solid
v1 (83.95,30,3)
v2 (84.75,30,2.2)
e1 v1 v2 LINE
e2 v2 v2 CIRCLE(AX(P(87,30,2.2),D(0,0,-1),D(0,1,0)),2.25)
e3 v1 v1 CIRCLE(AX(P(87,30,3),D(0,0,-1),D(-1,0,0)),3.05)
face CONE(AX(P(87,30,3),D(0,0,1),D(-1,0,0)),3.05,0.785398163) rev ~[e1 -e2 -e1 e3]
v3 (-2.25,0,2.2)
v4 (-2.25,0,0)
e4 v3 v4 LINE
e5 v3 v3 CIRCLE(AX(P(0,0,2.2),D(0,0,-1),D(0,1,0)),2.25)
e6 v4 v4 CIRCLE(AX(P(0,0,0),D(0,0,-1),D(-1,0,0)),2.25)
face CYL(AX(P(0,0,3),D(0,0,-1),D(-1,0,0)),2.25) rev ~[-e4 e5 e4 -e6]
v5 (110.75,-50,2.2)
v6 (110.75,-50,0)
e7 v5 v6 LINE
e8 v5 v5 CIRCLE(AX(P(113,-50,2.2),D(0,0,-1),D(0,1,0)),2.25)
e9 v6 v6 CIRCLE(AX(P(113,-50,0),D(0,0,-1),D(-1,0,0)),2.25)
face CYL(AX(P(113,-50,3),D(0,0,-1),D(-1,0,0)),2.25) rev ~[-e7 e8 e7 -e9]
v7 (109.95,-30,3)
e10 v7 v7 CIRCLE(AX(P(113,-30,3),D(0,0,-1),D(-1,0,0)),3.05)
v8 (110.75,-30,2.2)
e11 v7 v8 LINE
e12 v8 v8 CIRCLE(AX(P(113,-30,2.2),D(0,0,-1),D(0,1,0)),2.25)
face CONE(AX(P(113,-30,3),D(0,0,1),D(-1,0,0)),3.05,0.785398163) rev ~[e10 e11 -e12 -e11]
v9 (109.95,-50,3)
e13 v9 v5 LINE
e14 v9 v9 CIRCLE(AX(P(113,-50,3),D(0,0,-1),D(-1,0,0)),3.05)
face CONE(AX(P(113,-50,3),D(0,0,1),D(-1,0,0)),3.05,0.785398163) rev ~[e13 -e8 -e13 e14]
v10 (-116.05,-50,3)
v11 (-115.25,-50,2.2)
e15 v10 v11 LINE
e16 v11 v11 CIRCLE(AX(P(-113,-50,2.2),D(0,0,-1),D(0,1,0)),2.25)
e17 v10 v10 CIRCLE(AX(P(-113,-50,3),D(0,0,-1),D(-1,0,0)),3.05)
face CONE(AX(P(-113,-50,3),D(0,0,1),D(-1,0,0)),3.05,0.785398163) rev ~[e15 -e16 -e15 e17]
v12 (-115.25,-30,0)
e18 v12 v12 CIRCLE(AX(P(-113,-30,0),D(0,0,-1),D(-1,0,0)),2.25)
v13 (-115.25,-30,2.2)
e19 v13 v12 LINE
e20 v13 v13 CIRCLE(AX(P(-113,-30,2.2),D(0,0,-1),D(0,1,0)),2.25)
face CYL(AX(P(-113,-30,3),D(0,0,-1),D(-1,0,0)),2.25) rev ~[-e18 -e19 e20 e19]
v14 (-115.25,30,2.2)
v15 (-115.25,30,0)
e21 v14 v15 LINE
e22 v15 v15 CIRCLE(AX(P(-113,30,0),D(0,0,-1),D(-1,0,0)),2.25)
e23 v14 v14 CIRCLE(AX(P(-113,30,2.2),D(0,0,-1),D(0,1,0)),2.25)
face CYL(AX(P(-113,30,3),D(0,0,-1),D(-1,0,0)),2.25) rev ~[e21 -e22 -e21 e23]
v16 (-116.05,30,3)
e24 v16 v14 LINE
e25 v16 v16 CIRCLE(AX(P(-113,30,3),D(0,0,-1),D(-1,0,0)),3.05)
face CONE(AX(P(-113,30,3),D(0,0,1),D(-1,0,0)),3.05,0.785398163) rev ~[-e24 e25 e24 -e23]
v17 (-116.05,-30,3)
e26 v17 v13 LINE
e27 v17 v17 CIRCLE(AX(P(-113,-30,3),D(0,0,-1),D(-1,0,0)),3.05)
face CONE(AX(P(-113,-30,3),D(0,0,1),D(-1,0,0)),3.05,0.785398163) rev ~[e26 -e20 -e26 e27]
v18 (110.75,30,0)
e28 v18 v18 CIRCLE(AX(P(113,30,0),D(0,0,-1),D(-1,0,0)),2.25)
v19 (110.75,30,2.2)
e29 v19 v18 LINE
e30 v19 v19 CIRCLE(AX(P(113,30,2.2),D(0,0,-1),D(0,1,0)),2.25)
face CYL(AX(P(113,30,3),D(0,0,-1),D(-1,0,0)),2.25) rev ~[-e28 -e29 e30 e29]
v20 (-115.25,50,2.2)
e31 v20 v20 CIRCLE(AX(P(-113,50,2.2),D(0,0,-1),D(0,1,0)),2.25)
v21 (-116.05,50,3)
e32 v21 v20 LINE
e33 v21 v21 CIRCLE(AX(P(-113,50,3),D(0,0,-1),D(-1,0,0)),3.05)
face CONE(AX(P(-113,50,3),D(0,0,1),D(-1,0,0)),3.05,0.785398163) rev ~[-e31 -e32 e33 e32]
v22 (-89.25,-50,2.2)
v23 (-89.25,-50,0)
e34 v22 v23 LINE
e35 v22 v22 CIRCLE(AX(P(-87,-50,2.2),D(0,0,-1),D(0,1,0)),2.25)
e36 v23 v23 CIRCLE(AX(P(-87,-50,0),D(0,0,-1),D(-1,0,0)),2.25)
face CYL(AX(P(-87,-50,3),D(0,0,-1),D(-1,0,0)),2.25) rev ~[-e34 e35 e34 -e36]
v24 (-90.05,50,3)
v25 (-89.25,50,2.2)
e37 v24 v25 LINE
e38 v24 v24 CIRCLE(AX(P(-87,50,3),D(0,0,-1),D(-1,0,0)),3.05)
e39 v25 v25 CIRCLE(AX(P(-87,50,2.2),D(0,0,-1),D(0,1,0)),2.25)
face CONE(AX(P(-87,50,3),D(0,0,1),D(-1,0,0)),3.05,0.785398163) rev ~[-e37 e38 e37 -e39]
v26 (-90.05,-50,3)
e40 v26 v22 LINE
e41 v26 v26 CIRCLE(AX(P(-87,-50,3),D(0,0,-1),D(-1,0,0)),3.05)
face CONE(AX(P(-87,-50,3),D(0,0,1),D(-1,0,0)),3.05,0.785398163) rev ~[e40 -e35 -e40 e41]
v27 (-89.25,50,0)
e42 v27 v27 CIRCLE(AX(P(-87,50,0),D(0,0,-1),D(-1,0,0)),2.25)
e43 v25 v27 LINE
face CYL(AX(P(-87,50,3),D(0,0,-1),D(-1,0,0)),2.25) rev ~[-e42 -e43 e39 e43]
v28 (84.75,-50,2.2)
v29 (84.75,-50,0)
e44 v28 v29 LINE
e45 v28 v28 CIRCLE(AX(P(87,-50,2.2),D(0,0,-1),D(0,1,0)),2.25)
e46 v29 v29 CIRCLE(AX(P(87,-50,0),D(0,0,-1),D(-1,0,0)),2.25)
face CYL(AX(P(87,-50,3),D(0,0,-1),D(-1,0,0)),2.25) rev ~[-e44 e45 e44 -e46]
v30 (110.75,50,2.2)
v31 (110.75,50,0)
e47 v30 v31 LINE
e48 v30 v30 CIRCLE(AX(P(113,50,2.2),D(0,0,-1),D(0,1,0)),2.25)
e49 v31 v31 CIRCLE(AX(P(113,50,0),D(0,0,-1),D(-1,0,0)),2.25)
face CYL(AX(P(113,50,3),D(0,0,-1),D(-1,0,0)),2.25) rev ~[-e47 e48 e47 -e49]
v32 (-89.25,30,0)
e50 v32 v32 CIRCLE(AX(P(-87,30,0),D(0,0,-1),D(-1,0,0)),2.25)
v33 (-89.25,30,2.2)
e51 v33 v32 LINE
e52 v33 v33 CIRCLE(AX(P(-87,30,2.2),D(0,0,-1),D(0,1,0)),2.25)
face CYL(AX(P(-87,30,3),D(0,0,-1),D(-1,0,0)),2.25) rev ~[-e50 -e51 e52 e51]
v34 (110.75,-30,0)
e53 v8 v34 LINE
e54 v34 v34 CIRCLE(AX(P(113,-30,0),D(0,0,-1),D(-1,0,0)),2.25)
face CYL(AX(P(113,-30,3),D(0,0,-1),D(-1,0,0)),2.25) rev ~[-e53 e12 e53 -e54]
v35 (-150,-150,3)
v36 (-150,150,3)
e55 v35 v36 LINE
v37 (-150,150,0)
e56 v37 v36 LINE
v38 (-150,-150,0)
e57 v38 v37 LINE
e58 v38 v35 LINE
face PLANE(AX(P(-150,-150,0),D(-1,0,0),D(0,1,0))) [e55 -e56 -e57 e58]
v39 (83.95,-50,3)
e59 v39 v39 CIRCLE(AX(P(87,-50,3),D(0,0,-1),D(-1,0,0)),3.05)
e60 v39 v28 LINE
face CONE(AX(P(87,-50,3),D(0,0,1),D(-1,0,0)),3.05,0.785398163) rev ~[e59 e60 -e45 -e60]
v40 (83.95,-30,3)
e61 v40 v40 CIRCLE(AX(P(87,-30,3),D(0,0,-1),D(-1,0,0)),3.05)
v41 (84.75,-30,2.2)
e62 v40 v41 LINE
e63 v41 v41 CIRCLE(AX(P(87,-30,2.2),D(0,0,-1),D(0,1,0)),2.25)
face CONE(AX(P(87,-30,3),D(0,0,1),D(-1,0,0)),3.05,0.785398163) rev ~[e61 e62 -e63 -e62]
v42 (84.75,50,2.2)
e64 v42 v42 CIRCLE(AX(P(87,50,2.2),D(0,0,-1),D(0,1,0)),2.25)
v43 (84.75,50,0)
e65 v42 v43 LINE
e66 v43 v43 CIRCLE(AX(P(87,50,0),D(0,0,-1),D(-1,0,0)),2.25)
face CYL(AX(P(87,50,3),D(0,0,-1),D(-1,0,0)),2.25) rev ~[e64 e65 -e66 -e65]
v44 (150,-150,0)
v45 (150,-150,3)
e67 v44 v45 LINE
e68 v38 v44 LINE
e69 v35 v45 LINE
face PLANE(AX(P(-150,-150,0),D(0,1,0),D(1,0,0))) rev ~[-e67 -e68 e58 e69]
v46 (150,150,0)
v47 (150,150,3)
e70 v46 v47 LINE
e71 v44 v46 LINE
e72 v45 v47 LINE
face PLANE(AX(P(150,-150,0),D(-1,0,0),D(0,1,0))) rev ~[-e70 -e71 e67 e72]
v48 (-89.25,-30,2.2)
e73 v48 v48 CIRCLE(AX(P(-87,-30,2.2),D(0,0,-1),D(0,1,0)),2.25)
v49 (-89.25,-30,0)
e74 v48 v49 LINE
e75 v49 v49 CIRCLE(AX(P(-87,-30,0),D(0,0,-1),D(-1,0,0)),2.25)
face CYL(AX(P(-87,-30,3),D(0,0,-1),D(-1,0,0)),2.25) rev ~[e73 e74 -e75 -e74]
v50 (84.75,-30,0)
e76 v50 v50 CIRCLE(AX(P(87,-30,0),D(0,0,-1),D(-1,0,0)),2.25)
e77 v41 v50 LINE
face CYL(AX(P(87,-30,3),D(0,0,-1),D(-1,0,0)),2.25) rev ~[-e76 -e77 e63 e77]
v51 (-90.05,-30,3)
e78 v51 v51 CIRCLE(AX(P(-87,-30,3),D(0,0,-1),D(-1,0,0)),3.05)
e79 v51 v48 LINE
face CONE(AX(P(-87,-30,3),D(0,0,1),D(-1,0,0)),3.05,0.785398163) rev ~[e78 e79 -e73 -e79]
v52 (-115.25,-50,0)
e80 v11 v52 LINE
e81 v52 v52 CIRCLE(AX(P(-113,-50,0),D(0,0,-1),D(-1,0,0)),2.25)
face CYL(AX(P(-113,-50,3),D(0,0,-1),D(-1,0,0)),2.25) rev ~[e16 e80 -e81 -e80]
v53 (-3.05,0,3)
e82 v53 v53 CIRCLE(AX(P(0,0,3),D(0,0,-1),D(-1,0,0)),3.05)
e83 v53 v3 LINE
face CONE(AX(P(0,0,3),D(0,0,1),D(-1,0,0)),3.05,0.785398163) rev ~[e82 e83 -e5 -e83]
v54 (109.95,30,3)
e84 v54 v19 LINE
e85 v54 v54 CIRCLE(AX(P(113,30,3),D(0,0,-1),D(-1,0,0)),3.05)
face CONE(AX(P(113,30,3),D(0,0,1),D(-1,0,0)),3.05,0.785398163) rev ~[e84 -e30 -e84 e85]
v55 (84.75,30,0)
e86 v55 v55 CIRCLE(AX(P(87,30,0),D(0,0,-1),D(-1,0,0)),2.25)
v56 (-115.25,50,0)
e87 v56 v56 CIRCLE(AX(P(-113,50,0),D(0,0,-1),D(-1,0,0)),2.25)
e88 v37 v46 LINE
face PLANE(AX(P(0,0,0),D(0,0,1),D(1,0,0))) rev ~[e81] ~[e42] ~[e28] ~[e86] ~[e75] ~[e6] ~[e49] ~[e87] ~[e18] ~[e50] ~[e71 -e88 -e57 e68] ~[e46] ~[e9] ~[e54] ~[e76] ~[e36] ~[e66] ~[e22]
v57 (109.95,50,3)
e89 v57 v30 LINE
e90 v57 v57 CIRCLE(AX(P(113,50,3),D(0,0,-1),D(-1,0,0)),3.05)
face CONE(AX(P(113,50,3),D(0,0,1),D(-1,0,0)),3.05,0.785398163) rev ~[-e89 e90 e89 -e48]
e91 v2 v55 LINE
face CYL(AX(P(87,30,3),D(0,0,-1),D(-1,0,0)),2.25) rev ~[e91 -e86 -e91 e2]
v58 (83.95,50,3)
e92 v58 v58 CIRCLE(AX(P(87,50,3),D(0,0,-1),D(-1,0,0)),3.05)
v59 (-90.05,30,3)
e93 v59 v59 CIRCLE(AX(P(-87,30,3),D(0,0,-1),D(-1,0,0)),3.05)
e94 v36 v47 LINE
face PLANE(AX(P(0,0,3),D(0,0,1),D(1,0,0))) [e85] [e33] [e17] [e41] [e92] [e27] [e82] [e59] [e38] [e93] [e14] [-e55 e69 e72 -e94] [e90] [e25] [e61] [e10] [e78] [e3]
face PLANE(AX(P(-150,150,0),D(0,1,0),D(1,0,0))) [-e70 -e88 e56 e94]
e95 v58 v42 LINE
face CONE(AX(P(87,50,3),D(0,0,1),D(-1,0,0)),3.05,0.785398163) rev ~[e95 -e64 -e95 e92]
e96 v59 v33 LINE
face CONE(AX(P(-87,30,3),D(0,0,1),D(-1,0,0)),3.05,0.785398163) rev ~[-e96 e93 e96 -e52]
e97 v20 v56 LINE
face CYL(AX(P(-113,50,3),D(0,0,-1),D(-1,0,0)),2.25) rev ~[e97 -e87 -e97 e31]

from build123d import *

# Parameters (mm, degrees)
SKETCH_W         = 300
SKETCH_H         = 300
PAD_DEPTH        = 3
HOLE_D           = 4.5
HOLE_DEPTH       = 25
HOLE_CSINK_D     = 6.1
HOLE_CSINK_ANGLE = 90


with BuildPart() as part:
    # Sketch → Pad (new body)
    with BuildSketch(Plane.XY):
        Rectangle(SKETCH_W, SKETCH_H)
    extrude(amount=PAD_DEPTH)

    # Hole
    with Locations(Plane.XY.offset(3)):
        with Locations((-113, 50), (-87, 50), (-87, 30), (-113, 30), (-113, -30), (-87, -30), (-87, -50), (-113, -50), (87, -30), (113, -30), (113, -50), (87, -50), (87, 30), (87, 50), (113, 50), (113, 30), (0, 0)):
            CounterSinkHole(HOLE_D / 2, HOLE_CSINK_D / 2, depth=HOLE_DEPTH, counter_sink_angle=HOLE_CSINK_ANGLE)


solid = part.part
